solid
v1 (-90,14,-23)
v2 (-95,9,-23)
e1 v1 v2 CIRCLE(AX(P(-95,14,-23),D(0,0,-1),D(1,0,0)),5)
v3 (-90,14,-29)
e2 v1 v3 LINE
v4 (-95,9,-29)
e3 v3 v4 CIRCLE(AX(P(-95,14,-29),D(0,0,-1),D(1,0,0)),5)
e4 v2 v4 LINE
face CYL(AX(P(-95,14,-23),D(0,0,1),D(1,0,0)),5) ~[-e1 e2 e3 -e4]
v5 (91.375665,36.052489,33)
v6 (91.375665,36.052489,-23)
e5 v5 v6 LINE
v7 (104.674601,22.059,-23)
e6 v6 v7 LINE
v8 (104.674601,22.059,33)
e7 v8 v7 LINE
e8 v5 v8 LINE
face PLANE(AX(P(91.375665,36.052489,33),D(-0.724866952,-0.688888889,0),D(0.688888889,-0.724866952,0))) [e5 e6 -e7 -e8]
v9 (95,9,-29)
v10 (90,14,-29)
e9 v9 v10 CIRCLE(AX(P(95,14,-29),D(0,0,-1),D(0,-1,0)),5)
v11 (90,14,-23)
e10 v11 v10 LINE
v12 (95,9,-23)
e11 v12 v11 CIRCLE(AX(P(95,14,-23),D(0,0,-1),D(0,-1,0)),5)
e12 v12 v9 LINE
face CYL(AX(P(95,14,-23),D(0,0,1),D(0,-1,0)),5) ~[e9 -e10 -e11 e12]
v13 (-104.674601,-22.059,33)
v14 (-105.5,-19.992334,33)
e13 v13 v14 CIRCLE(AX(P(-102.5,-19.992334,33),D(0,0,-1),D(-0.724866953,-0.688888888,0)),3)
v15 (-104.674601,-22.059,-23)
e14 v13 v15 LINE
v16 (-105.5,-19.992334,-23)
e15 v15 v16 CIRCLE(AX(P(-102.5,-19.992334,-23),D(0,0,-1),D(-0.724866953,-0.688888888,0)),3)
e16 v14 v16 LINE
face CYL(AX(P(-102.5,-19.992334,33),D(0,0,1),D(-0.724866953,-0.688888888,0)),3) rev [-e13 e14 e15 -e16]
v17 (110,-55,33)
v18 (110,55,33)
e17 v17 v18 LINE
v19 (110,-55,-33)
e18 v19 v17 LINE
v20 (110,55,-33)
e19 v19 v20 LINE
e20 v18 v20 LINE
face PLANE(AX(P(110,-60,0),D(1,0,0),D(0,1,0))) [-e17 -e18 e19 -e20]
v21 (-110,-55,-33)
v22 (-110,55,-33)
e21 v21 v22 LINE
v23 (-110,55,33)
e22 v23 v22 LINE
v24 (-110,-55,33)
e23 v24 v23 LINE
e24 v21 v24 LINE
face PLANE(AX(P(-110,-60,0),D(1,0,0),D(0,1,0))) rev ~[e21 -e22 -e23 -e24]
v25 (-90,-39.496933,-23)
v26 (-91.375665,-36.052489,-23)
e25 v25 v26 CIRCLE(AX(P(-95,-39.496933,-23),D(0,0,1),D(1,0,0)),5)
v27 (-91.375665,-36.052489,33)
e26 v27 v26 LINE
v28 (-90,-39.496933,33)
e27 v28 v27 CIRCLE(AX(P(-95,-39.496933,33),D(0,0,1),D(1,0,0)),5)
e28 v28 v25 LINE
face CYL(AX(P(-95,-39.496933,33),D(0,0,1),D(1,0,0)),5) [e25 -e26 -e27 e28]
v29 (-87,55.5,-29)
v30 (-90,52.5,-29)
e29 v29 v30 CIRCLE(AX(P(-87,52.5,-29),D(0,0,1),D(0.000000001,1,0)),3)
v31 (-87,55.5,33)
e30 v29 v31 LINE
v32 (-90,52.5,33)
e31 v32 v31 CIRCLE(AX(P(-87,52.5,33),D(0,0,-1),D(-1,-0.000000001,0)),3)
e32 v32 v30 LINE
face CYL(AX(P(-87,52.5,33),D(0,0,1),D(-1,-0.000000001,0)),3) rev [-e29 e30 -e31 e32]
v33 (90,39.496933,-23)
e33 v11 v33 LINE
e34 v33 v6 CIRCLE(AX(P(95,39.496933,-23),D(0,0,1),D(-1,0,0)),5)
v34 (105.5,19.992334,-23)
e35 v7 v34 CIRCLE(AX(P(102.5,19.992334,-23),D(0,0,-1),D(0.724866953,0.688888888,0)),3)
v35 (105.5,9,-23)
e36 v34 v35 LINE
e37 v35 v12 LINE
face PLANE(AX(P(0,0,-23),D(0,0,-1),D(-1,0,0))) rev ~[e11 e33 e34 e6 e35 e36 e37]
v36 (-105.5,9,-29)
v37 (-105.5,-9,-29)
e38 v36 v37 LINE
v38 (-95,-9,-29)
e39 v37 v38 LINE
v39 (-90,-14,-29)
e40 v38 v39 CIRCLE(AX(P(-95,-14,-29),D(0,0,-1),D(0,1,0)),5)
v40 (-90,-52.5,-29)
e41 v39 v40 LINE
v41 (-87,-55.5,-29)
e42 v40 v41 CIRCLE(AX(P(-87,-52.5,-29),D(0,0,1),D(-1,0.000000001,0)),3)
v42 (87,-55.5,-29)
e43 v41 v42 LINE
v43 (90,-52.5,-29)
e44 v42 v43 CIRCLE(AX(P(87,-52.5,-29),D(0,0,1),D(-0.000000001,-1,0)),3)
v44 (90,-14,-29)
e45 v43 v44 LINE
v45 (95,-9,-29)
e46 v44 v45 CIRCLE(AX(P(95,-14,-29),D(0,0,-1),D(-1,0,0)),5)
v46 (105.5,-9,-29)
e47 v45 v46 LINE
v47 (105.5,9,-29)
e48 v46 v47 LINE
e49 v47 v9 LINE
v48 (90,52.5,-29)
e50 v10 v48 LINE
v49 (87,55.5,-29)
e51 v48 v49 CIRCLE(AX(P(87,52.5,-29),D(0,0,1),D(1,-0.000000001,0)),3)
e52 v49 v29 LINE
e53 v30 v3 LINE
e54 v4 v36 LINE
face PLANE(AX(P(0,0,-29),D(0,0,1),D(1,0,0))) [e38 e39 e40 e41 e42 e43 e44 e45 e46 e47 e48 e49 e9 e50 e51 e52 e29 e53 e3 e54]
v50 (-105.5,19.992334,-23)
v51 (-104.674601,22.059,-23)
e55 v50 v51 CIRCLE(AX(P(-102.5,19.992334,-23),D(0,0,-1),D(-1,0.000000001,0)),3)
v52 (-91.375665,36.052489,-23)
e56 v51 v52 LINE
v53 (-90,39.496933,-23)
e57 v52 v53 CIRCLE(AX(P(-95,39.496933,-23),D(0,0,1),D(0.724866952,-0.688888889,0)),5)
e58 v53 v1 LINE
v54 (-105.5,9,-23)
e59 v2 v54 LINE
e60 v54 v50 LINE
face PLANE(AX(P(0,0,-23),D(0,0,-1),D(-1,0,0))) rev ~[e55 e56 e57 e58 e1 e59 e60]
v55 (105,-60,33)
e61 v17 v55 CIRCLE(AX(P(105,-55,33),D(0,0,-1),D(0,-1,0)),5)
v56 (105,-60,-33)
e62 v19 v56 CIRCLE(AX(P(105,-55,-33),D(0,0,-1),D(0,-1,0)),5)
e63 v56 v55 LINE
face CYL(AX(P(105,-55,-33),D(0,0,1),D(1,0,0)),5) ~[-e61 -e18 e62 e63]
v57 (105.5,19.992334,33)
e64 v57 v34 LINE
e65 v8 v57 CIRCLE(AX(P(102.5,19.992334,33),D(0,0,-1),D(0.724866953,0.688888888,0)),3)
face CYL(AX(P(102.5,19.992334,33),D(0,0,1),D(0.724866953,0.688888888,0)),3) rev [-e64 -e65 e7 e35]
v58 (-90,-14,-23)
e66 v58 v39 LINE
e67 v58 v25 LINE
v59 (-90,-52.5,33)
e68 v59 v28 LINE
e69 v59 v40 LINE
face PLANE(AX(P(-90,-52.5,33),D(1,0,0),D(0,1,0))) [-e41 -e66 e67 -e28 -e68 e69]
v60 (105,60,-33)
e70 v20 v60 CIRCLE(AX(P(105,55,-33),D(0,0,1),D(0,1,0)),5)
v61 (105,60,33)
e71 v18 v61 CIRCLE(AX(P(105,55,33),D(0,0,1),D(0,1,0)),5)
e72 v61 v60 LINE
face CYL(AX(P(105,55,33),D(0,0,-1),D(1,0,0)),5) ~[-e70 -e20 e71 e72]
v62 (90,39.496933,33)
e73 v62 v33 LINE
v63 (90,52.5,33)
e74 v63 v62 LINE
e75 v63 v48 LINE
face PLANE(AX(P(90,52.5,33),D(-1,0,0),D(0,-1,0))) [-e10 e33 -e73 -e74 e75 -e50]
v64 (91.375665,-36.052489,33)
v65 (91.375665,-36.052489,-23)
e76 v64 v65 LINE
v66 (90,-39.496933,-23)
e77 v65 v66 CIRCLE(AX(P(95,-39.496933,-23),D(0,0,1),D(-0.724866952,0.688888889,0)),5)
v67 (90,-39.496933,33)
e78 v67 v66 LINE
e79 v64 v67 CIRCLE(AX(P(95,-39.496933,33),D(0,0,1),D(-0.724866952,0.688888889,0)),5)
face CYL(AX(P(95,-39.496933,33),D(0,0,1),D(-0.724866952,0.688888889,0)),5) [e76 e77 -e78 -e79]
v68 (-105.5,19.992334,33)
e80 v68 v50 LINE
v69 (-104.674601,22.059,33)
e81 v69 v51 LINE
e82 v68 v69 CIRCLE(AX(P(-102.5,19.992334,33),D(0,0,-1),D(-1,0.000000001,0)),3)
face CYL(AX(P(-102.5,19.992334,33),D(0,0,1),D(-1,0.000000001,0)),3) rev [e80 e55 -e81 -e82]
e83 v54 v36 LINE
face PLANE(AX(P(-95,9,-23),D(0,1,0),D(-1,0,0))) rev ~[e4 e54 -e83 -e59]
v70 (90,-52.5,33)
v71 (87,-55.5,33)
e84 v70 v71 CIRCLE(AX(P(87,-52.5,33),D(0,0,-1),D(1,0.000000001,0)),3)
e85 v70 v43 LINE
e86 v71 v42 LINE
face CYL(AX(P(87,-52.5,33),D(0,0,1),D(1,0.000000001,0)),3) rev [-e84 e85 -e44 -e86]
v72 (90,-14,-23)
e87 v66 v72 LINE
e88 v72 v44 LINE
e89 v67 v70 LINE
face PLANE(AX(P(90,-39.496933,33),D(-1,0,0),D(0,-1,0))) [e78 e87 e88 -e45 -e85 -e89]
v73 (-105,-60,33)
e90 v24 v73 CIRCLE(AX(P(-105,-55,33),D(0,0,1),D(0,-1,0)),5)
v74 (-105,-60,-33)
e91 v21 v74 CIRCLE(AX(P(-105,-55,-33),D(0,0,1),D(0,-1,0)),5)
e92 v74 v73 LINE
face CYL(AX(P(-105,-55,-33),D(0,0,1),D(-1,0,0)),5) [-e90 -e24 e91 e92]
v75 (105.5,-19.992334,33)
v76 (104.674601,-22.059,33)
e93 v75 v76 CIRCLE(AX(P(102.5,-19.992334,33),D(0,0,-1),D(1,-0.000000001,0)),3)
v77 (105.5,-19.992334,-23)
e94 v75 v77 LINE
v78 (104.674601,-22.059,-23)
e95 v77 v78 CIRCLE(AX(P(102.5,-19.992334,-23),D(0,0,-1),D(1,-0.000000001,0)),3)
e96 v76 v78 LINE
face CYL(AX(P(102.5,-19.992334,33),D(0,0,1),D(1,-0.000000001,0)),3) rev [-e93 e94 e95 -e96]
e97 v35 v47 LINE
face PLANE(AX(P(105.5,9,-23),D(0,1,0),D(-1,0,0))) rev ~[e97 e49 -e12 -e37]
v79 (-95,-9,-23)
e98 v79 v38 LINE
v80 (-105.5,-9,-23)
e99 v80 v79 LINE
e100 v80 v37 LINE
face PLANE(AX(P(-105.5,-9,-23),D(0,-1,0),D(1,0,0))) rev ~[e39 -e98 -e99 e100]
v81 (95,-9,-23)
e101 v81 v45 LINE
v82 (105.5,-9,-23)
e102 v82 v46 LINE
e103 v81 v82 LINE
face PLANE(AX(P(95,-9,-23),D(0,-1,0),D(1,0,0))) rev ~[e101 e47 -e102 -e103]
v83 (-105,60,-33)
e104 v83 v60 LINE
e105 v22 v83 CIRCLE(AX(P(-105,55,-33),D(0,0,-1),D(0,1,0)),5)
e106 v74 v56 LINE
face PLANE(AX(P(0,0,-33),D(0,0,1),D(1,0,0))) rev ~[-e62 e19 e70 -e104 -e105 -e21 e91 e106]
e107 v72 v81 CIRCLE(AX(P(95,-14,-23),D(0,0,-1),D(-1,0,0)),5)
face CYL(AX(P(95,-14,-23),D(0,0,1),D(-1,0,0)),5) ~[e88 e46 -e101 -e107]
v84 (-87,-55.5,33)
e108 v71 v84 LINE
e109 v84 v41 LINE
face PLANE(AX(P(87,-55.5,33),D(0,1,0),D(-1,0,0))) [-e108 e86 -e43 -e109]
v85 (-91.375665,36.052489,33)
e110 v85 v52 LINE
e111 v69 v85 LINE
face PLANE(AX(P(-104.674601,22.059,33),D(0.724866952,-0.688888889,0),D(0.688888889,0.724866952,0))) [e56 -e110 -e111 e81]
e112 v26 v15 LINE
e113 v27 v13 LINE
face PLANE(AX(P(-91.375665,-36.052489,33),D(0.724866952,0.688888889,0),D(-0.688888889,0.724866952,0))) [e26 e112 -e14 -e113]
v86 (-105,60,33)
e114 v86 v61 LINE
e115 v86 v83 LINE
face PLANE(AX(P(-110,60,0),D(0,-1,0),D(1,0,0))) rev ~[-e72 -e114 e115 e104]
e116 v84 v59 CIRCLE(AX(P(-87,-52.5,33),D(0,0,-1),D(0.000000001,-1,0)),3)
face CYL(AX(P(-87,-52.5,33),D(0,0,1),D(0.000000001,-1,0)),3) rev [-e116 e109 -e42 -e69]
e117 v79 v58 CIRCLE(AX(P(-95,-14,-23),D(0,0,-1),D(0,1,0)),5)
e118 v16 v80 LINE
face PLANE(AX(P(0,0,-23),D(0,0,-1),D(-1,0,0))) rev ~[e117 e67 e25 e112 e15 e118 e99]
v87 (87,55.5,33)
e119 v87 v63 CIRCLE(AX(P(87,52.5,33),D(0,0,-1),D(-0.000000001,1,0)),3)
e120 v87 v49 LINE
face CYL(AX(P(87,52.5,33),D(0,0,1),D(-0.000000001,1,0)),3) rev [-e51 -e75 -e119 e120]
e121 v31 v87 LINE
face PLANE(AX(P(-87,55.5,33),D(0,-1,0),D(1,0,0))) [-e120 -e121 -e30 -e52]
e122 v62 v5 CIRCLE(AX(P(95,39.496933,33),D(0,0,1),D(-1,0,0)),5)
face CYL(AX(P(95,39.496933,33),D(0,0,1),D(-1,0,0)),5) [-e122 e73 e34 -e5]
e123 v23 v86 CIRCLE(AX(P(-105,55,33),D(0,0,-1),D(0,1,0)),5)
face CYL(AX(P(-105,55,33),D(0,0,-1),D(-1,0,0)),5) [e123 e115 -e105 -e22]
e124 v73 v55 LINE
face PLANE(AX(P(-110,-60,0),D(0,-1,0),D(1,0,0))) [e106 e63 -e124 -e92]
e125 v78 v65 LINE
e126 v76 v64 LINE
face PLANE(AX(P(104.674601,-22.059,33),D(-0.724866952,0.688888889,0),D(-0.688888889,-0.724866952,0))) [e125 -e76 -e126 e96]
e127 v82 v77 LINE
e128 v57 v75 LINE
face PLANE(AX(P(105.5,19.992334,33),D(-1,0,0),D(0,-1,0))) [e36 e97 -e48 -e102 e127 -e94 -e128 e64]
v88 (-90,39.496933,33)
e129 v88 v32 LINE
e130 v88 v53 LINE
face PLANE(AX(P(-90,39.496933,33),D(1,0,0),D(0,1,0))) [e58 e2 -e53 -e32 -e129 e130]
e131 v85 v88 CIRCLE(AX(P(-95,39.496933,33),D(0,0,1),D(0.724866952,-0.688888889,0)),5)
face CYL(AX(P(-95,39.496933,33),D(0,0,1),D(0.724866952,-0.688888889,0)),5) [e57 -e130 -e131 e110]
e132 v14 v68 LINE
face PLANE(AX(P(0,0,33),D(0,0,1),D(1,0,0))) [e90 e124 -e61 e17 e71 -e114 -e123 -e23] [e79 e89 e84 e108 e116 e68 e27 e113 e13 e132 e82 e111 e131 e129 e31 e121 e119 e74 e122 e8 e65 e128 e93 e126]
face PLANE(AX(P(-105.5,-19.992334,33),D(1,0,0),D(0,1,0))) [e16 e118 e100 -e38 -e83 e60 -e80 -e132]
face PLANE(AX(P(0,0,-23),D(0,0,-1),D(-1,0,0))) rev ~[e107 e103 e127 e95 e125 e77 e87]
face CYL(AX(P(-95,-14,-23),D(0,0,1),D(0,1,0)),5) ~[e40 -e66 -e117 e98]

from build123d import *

# Parameters (mm, degrees)
SKETCH1_W           = 220
SKETCH1_H           = 120
BOSS_EXTRUDE1_DEPTH = 33
CUT_EXTRUDE1_DEPTH  = 56
CUT_EXTRUDE2_DEPTH  = 6
FILLET1_R           = 5


with BuildPart() as part:
    # Sketch1 → Boss-Extrude1 (new, symmetric)
    with BuildSketch(Plane.XY):
        Rectangle(SKETCH1_W, SKETCH1_H)
    extrude(amount=BOSS_EXTRUDE1_DEPTH, both=True)

    # Sketch2 → Cut-Extrude1 (cut)
    with BuildSketch(Plane.XY.offset(33)):
        with BuildLine():
            Line((-87, 55.5), (87, 55.5))
            ThreePointArc((87, 55.5), (89.121320344, 54.621320344), (90, 52.5))
            Line((90, 52.5), (90, 39.49693341))
            ThreePointArc((90, 39.49693341), (90.356635174, 37.642435339), (91.375665238, 36.052488965))
            Line((91.375665238, 36.052488965), (104.674600857, 22.059000191))
            ThreePointArc((104.674600857, 22.059000191), (105.286018895, 21.105032366), (105.5, 19.992333524))
            Line((105.5, 19.992333524), (105.5, -19.992333524))
            ThreePointArc((105.5, -19.992333524), (105.286018895, -21.105032366), (104.674600857, -22.059000191))
            Line((104.674600857, -22.059000191), (91.375665238, -36.052488965))
            ThreePointArc((91.375665238, -36.052488965), (90.356635174, -37.642435339), (90, -39.49693341))
            Line((90, -39.49693341), (90, -52.5))
            ThreePointArc((90, -52.5), (89.121320344, -54.621320344), (87, -55.5))
            Line((87, -55.5), (-87, -55.5))
            ThreePointArc((-87, -55.5), (-89.121320344, -54.621320344), (-90, -52.5))
            Line((-90, -52.5), (-90, -39.49693341))
            ThreePointArc((-90, -39.49693341), (-90.356635174, -37.642435339), (-91.375665238, -36.052488965))
            Line((-91.375665238, -36.052488965), (-104.674600857, -22.059000191))
            ThreePointArc((-104.674600857, -22.059000191), (-105.286018895, -21.105032366), (-105.5, -19.992333524))
            Line((-105.5, -19.992333524), (-105.5, 19.992333524))
            ThreePointArc((-105.5, 19.992333524), (-105.286018895, 21.105032366), (-104.674600857, 22.059000191))
            Line((-104.674600857, 22.059000191), (-91.375665238, 36.052488965))
            ThreePointArc((-91.375665238, 36.052488965), (-90.356635174, 37.642435339), (-90, 39.49693341))
            Line((-90, 39.49693341), (-90, 52.5))
            ThreePointArc((-90, 52.5), (-89.121320344, 54.621320344), (-87, 55.5))
        make_face()
    extrude(amount=-CUT_EXTRUDE1_DEPTH, mode=Mode.SUBTRACT)

    # Sketch3 → Cut-Extrude2 (cut)
    with BuildSketch(Plane.XY.offset(-23)):
        with BuildLine():
            Line((-90, 52.5), (-90, 39.49693341))
            Line((-90, 39.49693341), (-90, 14))
            ThreePointArc((-90, 14), (-91.464466094, 10.464466094), (-95, 9))
            Line((-95, 9), (-105.5, 9))
            Line((-105.5, 9), (-105.5, -9))
            Line((-105.5, -9), (-95, -9))
            ThreePointArc((-95, -9), (-91.464466094, -10.464466094), (-90, -14))
            Line((-90, -14), (-90, -39.49693341))
            Line((-90, -39.49693341), (-90, -52.5))
            ThreePointArc((-90, -52.5), (-89.121320344, -54.621320344), (-87, -55.5))
            Line((-87, -55.5), (87, -55.5))
            ThreePointArc((87, -55.5), (89.121320344, -54.621320344), (90, -52.5))
            Line((90, -52.5), (90, -39.49693341))
            Line((90, -39.49693341), (90, -14))
            ThreePointArc((90, -14), (91.464466094, -10.464466094), (95, -9))
            Line((95, -9), (105.5, -9))
            Line((105.5, -9), (105.5, 9))
            Line((105.5, 9), (95, 9))
            ThreePointArc((95, 9), (91.464466094, 10.464466094), (90, 14))
            Line((90, 14), (90, 39.49693341))
            Line((90, 39.49693341), (90, 52.5))
            ThreePointArc((90, 52.5), (89.121320344, 54.621320344), (87, 55.5))
            Line((87, 55.5), (-87, 55.5))
            ThreePointArc((-87, 55.5), (-89.121320344, 54.621320344), (-90, 52.5))
        make_face()
    extrude(amount=-CUT_EXTRUDE2_DEPTH, mode=Mode.SUBTRACT)

    # Fillet1
    fillet1_edges = [part.edges().sort_by_distance(p)[0] for p in [
        (-110, 60, 0),
        (110, 60, 0),
        (110, -60, 0),
        (-110, -60, 0),
    ]]
    fillet(fillet1_edges, radius=FILLET1_R)


solid = part.part
